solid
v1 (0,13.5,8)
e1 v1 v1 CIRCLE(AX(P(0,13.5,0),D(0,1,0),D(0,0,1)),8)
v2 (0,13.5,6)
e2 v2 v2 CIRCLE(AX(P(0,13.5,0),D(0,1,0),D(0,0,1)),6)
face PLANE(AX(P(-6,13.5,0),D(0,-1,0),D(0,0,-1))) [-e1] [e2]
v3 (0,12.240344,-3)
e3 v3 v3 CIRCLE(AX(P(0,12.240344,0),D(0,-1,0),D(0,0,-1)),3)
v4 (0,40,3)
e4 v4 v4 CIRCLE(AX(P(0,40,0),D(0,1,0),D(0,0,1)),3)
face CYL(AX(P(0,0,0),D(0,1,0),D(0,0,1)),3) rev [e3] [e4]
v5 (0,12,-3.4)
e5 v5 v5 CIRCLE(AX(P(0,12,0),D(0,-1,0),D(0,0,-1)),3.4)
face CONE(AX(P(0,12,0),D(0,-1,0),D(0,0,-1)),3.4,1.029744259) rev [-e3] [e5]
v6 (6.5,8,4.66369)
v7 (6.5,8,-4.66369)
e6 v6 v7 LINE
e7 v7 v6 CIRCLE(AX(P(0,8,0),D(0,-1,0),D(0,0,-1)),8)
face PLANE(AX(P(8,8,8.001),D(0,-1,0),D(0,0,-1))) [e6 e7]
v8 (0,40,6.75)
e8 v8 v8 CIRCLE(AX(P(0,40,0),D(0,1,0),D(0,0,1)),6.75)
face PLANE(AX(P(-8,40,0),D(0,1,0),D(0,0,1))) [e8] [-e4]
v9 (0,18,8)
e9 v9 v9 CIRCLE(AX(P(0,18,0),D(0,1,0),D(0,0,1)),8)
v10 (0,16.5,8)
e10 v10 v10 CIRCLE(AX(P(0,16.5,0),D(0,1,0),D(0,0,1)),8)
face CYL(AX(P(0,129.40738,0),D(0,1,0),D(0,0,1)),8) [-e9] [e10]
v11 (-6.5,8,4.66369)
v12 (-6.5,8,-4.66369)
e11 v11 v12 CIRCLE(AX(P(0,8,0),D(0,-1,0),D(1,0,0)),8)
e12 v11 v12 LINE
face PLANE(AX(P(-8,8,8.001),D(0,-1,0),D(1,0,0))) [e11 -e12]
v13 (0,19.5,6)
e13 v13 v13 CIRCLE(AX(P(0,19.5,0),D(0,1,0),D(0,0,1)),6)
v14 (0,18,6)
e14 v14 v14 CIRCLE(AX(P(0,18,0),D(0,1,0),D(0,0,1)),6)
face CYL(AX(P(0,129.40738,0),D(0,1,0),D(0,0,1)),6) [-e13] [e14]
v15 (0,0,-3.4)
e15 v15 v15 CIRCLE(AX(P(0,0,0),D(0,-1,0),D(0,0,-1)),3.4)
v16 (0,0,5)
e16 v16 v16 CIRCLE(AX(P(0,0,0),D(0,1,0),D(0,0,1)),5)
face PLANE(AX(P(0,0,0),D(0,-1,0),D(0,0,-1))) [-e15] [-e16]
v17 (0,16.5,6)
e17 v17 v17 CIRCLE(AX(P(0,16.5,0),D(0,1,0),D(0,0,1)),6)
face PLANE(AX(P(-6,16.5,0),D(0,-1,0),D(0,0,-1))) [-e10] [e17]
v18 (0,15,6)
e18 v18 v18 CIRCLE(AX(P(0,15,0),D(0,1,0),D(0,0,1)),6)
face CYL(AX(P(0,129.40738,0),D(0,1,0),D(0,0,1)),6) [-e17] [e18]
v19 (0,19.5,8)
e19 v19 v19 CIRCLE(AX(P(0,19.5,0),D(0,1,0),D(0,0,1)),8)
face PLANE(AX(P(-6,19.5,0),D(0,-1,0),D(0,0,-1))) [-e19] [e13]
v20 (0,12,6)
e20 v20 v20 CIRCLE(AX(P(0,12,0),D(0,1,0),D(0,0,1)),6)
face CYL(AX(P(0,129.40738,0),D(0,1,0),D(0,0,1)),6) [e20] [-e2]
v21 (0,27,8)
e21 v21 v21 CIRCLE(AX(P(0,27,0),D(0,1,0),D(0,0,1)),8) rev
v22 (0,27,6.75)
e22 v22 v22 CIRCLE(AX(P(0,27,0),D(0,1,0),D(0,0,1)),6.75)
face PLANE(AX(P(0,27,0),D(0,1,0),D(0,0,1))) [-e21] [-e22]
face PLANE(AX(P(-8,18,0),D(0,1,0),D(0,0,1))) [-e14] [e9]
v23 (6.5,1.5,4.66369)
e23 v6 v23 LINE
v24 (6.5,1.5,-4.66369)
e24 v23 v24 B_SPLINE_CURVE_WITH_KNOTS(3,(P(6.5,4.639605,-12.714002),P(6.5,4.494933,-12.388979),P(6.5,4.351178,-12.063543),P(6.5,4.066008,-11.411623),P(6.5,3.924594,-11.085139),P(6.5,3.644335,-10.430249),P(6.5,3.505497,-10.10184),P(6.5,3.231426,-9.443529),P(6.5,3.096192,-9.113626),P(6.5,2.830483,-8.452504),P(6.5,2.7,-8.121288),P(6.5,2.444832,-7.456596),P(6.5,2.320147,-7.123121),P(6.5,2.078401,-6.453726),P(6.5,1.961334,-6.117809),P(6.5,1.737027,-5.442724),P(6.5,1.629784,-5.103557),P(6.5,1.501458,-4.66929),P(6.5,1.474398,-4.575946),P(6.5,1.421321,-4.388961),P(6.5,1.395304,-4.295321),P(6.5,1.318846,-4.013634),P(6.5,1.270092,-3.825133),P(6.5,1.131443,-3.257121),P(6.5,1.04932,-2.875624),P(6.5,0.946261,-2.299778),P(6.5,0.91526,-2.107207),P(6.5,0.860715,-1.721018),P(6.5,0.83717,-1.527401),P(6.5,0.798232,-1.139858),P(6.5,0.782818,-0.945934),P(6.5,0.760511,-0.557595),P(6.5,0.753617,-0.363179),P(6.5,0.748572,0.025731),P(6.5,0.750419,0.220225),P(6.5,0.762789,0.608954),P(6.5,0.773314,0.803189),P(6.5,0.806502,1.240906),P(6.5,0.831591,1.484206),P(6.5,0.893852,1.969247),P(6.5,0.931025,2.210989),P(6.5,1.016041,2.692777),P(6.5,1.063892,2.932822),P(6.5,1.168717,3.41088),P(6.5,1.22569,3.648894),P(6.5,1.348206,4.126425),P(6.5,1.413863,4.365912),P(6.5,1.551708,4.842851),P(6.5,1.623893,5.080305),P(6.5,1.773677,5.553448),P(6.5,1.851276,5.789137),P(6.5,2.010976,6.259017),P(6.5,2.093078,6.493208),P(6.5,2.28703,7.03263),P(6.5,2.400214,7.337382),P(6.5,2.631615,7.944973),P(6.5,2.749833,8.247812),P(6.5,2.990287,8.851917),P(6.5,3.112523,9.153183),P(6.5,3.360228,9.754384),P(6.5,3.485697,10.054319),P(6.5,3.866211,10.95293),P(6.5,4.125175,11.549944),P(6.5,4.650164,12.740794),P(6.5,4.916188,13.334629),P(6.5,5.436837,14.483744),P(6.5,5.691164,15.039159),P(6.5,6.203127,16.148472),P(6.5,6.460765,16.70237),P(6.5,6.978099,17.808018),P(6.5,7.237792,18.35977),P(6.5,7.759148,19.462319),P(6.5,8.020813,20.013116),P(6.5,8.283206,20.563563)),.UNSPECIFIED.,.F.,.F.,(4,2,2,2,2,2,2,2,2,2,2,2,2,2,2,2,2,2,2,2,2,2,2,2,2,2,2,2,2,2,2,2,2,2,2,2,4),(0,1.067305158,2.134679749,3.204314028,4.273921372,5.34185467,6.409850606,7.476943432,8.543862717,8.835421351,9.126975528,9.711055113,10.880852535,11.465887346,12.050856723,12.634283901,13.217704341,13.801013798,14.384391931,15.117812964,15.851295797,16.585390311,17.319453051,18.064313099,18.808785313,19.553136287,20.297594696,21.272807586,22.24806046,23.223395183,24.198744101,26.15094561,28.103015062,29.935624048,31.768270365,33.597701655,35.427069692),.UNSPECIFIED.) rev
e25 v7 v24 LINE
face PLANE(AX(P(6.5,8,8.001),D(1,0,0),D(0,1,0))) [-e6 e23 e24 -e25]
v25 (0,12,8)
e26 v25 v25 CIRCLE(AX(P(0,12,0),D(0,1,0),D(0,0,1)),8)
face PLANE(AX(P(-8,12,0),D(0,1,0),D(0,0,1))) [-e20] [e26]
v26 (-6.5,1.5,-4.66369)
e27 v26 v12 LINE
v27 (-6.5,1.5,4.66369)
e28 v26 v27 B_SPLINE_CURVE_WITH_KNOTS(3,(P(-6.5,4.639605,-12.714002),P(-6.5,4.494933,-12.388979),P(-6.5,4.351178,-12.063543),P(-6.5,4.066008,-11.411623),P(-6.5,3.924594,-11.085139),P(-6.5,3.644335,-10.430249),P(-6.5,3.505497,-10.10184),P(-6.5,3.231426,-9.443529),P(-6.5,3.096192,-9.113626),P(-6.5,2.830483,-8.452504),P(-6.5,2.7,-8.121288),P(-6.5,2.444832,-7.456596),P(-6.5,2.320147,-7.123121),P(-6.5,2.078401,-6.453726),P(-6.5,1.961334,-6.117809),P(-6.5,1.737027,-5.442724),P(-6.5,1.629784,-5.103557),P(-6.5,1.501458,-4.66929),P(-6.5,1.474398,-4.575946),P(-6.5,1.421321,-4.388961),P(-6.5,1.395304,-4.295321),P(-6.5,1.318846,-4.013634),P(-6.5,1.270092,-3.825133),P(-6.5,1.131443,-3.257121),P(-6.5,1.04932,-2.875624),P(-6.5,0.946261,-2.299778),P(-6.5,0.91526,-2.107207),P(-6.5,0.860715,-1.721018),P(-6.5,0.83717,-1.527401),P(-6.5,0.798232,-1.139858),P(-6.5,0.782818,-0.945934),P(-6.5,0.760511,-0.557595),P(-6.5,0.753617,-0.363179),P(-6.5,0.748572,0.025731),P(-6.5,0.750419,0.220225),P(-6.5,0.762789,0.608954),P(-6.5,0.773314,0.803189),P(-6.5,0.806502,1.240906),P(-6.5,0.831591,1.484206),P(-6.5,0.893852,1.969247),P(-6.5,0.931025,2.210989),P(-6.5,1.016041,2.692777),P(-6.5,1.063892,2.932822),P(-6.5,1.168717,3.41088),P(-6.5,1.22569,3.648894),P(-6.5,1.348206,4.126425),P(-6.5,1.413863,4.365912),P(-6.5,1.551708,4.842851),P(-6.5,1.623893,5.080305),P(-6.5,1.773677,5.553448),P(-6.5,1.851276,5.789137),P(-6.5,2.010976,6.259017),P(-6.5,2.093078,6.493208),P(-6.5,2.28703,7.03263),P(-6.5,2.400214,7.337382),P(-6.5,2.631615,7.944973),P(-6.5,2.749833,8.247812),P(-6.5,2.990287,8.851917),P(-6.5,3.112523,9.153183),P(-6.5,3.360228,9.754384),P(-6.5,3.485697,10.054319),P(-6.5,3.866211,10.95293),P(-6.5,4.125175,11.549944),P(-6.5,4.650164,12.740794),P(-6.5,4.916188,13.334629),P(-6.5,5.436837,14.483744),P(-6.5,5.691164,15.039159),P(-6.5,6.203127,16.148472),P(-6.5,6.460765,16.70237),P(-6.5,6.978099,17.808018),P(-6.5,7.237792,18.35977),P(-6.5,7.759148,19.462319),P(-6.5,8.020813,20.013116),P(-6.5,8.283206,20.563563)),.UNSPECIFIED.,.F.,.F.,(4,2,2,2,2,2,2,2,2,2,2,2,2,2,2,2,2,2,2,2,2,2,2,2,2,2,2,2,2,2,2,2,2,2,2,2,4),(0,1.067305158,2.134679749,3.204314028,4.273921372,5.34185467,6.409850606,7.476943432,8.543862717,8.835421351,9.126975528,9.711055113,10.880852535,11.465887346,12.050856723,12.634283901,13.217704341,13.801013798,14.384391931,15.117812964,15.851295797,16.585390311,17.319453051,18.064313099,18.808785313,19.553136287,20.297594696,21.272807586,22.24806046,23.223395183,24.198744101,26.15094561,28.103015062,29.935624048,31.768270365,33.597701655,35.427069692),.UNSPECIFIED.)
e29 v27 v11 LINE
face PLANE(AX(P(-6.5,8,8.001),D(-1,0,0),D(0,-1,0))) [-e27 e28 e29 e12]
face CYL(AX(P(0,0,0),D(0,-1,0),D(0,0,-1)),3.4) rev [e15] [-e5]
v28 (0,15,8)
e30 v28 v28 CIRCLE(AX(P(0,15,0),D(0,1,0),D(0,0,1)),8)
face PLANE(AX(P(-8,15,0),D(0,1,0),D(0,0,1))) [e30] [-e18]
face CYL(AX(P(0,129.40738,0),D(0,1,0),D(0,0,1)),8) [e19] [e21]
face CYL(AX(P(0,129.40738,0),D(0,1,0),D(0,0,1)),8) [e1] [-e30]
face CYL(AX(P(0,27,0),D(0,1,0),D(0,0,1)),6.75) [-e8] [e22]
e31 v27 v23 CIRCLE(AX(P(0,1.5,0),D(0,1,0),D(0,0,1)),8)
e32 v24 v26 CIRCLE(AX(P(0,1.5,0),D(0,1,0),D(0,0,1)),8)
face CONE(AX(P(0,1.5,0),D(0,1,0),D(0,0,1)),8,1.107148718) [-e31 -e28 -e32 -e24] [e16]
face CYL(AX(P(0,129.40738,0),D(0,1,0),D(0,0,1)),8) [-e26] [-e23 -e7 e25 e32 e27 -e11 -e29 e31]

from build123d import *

# Parameters (mm, degrees)
TAGLIO_ESTRUSIONE1_REACH             = 10
SCHIZZO2_W                           = 1.5
SCHIZZO2_H                           = 8
TAGLIO_ESTRUSIONE1_DIRECTION_2_REACH = 10
SCHIZZO7_R                           = 3
TAGLIO_ESTRUSIONE2_DEPTH             = 41
FORO_FILETTATO_M8_1_D                = 6.8
FORO_FILETTATO_M8_1_DEPTH            = 12
FORO_FILETTATO_M8_1_TIP              = 2.042926105
SCHIZZO10_OUTSIDE_W                  = 27.192
SCHIZZO10_OUTSIDE_H                  = 27.192
SCHIZZO10_OUTSIDE_R                  = 6.75
TAGLIO_ESTRUSIONE3_DEPTH             = 13


with BuildPart() as part:
    # Schizzo1 → Rivoluzione1 (revolve)
    with BuildSketch(Plane.XY):
        Polygon((0, 0), (-5, 0), (-8, 1.5), (-8, 12), (-6, 12), (-6, 13.5), (-8, 13.5), (-8, 15), (-6, 15), (-6, 16.5), (-8, 16.5), (-8, 18), (-6, 18), (-6, 19.5), (-8, 19.5), (-8, 27), (-8, 40), (0, 40), align=None)
    revolve(axis=Axis((0, 129.407380346, 0), (0, -1, 0)))

    # Schizzo2 → Taglio-Estrusione1 (cut, up to next)
    with BuildSketch(Plane.XY, mode=Mode.PRIVATE) as taglio_estrusione1_sk1:
        with Locations((-7.25, 4)):
            Rectangle(SCHIZZO2_W, SCHIZZO2_H)
    taglio_estrusione1_tool1 = extrude(taglio_estrusione1_sk1.sketch, amount=-TAGLIO_ESTRUSIONE1_REACH, mode=Mode.PRIVATE) & part.part
    add(taglio_estrusione1_tool1.solids().sort_by_distance((-7.25, 4, 0))[0], mode=Mode.SUBTRACT)
    # Schizzo2 → Taglio-Estrusione1 (cut, up to next)
    with BuildSketch(Plane.XY, mode=Mode.PRIVATE) as taglio_estrusione1_sk2:
        with Locations((7.25, 4)):
            Rectangle(SCHIZZO2_W, SCHIZZO2_H)
    taglio_estrusione1_tool2 = extrude(taglio_estrusione1_sk2.sketch, amount=-TAGLIO_ESTRUSIONE1_REACH, mode=Mode.PRIVATE) & part.part
    add(taglio_estrusione1_tool2.solids().sort_by_distance((7.25, 4, 0))[0], mode=Mode.SUBTRACT)

    # Schizzo2 → Taglio-Estrusione1 direction 2 (cut, up to next)
    with BuildSketch(Plane.XY, mode=Mode.PRIVATE) as taglio_estrusione1_direction_2_sk1:
        with Locations((-7.25, 4)):
            Rectangle(SCHIZZO2_W, SCHIZZO2_H)
    taglio_estrusione1_direction_2_tool1 = extrude(taglio_estrusione1_direction_2_sk1.sketch, amount=TAGLIO_ESTRUSIONE1_DIRECTION_2_REACH, mode=Mode.PRIVATE) & part.part
    add(taglio_estrusione1_direction_2_tool1.solids().sort_by_distance((-7.25, 4, 0))[0], mode=Mode.SUBTRACT)
    # Schizzo2 → Taglio-Estrusione1 direction 2 (cut, up to next)
    with BuildSketch(Plane.XY, mode=Mode.PRIVATE) as taglio_estrusione1_direction_2_sk2:
        with Locations((7.25, 4)):
            Rectangle(SCHIZZO2_W, SCHIZZO2_H)
    taglio_estrusione1_direction_2_tool2 = extrude(taglio_estrusione1_direction_2_sk2.sketch, amount=TAGLIO_ESTRUSIONE1_DIRECTION_2_REACH, mode=Mode.PRIVATE) & part.part
    add(taglio_estrusione1_direction_2_tool2.solids().sort_by_distance((7.25, 4, 0))[0], mode=Mode.SUBTRACT)

    # Schizzo7 → Taglio-Estrusione2 (cut, through all)
    with BuildSketch(Plane(origin=(0, 40, 0), x_dir=(1, 0, 0), z_dir=(0, 1, 0))):
        Circle(SCHIZZO7_R)
    extrude(amount=-TAGLIO_ESTRUSIONE2_DEPTH, mode=Mode.SUBTRACT)

    # Foro filettato M8-1
    with Locations(Plane(origin=(0, 0, 0), x_dir=(-1, 0, 0), z_dir=(0, -1, 0))):
        with Locations((0, 0)):
            Hole(FORO_FILETTATO_M8_1_D / 2, depth=FORO_FILETTATO_M8_1_DEPTH)
            with Locations((0, 0, -(FORO_FILETTATO_M8_1_DEPTH + FORO_FILETTATO_M8_1_TIP / 2))):  # 118° drill point
                Cone(0, FORO_FILETTATO_M8_1_D / 2, FORO_FILETTATO_M8_1_TIP, mode=Mode.SUBTRACT)

    # Schizzo10 outside → Taglio-Estrusione3 (cut)
    with BuildSketch(Plane(origin=(0, 40, 0), x_dir=(1, 0, 0), z_dir=(0, 1, 0))):
        Rectangle(SCHIZZO10_OUTSIDE_W, SCHIZZO10_OUTSIDE_H)
        Circle(SCHIZZO10_OUTSIDE_R, mode=Mode.SUBTRACT)
    extrude(amount=-TAGLIO_ESTRUSIONE3_DEPTH, mode=Mode.SUBTRACT)


solid = part.part
